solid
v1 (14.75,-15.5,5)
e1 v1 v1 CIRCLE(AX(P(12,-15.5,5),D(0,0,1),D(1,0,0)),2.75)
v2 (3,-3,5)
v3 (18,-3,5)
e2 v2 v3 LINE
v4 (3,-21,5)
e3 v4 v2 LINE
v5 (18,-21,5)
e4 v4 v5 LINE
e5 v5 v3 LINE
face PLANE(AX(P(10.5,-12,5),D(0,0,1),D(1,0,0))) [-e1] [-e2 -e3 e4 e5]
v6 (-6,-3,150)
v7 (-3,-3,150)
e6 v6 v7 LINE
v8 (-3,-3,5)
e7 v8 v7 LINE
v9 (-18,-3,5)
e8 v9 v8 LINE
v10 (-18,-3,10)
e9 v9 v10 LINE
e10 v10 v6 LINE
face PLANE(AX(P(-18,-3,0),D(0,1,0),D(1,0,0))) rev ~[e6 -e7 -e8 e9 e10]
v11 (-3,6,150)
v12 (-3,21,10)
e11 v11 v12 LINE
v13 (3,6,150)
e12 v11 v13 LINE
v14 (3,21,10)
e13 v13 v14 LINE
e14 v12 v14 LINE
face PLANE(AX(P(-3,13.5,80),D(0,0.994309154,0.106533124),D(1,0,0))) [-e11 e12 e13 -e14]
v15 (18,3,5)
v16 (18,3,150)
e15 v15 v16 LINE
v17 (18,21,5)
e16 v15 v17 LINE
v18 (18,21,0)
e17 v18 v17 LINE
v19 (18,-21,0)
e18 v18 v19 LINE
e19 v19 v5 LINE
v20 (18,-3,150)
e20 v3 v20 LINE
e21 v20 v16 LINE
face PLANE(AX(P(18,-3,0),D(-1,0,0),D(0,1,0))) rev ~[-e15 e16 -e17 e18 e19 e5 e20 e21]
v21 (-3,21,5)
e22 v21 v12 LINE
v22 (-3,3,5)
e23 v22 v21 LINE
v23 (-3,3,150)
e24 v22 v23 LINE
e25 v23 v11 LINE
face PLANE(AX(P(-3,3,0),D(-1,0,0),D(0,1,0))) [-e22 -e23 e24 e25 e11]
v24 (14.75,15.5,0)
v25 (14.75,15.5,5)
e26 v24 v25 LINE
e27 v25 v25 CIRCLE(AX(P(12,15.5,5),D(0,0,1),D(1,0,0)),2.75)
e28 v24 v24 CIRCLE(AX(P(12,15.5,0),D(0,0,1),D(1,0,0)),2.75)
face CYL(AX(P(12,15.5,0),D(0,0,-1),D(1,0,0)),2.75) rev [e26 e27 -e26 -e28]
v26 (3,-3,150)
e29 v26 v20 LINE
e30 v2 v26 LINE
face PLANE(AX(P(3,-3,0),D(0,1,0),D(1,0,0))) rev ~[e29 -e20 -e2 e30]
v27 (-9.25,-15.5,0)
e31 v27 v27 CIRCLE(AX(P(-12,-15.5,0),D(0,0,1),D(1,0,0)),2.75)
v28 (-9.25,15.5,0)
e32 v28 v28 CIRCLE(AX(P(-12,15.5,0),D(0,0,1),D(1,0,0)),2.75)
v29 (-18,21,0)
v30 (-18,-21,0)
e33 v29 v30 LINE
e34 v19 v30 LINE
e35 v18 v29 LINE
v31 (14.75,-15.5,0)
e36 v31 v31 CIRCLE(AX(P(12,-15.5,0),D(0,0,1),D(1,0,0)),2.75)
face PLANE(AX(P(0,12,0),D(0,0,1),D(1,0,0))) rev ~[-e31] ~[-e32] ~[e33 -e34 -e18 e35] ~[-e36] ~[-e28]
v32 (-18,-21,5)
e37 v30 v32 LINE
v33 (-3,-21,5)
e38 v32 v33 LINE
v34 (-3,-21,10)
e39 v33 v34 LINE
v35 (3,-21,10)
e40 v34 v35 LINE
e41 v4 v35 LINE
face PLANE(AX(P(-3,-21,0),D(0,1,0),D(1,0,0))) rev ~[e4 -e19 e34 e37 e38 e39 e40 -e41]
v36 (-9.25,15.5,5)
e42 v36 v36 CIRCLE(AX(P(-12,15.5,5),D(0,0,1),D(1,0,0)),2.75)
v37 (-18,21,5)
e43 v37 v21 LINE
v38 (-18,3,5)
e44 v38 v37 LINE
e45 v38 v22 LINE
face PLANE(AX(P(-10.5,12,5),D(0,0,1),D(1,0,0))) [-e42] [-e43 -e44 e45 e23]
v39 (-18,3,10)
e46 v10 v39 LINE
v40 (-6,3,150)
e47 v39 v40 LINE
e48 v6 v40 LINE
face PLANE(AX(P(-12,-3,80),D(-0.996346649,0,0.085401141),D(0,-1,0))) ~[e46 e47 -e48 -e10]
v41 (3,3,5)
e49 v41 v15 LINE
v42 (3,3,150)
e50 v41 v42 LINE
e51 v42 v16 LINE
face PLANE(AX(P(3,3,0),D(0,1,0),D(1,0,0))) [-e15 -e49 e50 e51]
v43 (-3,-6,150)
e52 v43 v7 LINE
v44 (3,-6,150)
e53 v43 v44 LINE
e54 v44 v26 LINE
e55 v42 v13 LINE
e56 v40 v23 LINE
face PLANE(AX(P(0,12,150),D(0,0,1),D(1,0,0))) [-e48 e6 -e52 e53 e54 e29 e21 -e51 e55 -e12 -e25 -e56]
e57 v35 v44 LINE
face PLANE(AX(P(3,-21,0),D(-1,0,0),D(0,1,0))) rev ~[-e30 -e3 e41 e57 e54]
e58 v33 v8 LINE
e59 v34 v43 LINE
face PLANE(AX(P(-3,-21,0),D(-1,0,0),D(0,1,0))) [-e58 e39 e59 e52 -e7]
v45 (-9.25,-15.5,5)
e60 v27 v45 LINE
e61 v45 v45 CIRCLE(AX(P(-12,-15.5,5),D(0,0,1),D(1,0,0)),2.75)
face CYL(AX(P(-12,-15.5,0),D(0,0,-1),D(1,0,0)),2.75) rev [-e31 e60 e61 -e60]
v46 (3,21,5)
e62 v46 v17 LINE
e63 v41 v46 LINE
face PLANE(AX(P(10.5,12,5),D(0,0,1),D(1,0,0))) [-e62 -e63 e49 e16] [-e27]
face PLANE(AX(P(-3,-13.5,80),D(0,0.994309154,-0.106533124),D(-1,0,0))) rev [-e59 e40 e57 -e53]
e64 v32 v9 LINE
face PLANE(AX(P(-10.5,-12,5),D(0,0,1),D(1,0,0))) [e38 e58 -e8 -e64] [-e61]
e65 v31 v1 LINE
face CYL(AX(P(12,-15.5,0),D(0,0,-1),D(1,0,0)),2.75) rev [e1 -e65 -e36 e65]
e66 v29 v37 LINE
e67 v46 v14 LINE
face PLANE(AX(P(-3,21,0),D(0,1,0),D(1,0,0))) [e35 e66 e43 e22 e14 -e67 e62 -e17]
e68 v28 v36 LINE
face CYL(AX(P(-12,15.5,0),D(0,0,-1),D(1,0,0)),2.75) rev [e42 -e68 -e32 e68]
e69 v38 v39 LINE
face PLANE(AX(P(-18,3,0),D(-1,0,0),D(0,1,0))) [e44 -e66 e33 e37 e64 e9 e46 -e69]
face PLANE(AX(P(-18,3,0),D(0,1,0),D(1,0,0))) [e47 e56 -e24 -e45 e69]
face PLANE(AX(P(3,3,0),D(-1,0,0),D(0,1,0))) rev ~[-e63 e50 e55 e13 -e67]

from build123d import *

# Parameters (mm, degrees)
F0_W     = 15
F0_H     = 18
F0_R     = 2.75
F1_DEPTH = 5
F0_W_2   = 6
F0_H_2   = 6
F2_DEPTH = 150
F3_SIZE2 = 140
F3_SIZE  = 15
F4_SIZE2 = 15
F4_SIZE  = 140
F5_SIZE2 = 12
F5_SIZE  = 140


with BuildPart() as f1:
    # F0 (on Top) → F1 (new body)
    with BuildSketch(Plane.XY):
        with Locations((10.5, 12)):
            Rectangle(F0_W, F0_H)
        with Locations((12, 15.5)):
            Circle(F0_R, mode=Mode.SUBTRACT)
    extrude(amount=F1_DEPTH)



with BuildPart() as f1b:
    # F0 (on Top) → F1, piece 2 (new body)
    with BuildSketch(Plane.XY):
        with Locations((-10.5, 12)):
            Rectangle(F0_W, F0_H)
        with Locations((-12, 15.5)):
            Circle(F0_R, mode=Mode.SUBTRACT)
    extrude(amount=F1_DEPTH)


with BuildPart() as f1c:
    # F0 (on Top) → F1, piece 3 (new body)
    with BuildSketch(Plane.XY):
        with Locations((-10.5, -12)):
            Rectangle(F0_W, F0_H)
        with Locations((-12, -15.5)):
            Circle(F0_R, mode=Mode.SUBTRACT)
    extrude(amount=F1_DEPTH)


with BuildPart() as f1d:
    # F0 (on Top) → F1, piece 4 (new body)
    with BuildSketch(Plane.XY):
        with Locations((10.5, -12)):
            Rectangle(F0_W, F0_H)
        with Locations((12, -15.5)):
            Circle(F0_R, mode=Mode.SUBTRACT)
    extrude(amount=F1_DEPTH)


with BuildPart() as f1_1:
    add(f1.part)

    add(f1b.part)  # F2 merges F1b

    add(f1c.part)  # F2 merges F1c

    add(f1d.part)  # F2 merges F1d
    # F0 (on Top) → F2 (join)
    with BuildSketch(Plane.XY):
        with Locations((0, 12)):
            Rectangle(F0_W_2, F0_H)
        with Locations((0, -12)):
            Rectangle(F0_W_2, F0_H)
        with Locations((10.5, 0)):
            Rectangle(F0_W, F0_H_2)
        with Locations((-10.5, 0)):
            Rectangle(F0_W, F0_H_2)
        Rectangle(F0_W_2, F0_H_2)
    extrude(amount=F2_DEPTH)

    # F3
    f3_edges = [f1_1.edges().sort_by_distance(p)[0] for p in [
        (0, 21, 150),
    ]]
    f3_side = f1_1.faces().sort_by_distance((0, 0, 150))[0]
    chamfer(f3_edges, length=F3_SIZE, length2=F3_SIZE2, reference=f3_side)

    # F4
    f4_edges = [f1_1.edges().sort_by_distance(p)[0] for p in [
        (0, -21, 150),
    ]]
    f4_side = f1_1.faces().sort_by_distance((0, -21, 64.642857))[0]
    chamfer(f4_edges, length=F4_SIZE, length2=F4_SIZE2, reference=f4_side)

    # F5
    f5_edges = [f1_1.edges().sort_by_distance(p)[0] for p in [
        (-18, 0, 150),
    ]]
    f5_side = f1_1.faces().sort_by_distance((-18, 0, 62.916667))[0]
    chamfer(f5_edges, length=F5_SIZE, length2=F5_SIZE2, reference=f5_side)


solid = f1_1.part
